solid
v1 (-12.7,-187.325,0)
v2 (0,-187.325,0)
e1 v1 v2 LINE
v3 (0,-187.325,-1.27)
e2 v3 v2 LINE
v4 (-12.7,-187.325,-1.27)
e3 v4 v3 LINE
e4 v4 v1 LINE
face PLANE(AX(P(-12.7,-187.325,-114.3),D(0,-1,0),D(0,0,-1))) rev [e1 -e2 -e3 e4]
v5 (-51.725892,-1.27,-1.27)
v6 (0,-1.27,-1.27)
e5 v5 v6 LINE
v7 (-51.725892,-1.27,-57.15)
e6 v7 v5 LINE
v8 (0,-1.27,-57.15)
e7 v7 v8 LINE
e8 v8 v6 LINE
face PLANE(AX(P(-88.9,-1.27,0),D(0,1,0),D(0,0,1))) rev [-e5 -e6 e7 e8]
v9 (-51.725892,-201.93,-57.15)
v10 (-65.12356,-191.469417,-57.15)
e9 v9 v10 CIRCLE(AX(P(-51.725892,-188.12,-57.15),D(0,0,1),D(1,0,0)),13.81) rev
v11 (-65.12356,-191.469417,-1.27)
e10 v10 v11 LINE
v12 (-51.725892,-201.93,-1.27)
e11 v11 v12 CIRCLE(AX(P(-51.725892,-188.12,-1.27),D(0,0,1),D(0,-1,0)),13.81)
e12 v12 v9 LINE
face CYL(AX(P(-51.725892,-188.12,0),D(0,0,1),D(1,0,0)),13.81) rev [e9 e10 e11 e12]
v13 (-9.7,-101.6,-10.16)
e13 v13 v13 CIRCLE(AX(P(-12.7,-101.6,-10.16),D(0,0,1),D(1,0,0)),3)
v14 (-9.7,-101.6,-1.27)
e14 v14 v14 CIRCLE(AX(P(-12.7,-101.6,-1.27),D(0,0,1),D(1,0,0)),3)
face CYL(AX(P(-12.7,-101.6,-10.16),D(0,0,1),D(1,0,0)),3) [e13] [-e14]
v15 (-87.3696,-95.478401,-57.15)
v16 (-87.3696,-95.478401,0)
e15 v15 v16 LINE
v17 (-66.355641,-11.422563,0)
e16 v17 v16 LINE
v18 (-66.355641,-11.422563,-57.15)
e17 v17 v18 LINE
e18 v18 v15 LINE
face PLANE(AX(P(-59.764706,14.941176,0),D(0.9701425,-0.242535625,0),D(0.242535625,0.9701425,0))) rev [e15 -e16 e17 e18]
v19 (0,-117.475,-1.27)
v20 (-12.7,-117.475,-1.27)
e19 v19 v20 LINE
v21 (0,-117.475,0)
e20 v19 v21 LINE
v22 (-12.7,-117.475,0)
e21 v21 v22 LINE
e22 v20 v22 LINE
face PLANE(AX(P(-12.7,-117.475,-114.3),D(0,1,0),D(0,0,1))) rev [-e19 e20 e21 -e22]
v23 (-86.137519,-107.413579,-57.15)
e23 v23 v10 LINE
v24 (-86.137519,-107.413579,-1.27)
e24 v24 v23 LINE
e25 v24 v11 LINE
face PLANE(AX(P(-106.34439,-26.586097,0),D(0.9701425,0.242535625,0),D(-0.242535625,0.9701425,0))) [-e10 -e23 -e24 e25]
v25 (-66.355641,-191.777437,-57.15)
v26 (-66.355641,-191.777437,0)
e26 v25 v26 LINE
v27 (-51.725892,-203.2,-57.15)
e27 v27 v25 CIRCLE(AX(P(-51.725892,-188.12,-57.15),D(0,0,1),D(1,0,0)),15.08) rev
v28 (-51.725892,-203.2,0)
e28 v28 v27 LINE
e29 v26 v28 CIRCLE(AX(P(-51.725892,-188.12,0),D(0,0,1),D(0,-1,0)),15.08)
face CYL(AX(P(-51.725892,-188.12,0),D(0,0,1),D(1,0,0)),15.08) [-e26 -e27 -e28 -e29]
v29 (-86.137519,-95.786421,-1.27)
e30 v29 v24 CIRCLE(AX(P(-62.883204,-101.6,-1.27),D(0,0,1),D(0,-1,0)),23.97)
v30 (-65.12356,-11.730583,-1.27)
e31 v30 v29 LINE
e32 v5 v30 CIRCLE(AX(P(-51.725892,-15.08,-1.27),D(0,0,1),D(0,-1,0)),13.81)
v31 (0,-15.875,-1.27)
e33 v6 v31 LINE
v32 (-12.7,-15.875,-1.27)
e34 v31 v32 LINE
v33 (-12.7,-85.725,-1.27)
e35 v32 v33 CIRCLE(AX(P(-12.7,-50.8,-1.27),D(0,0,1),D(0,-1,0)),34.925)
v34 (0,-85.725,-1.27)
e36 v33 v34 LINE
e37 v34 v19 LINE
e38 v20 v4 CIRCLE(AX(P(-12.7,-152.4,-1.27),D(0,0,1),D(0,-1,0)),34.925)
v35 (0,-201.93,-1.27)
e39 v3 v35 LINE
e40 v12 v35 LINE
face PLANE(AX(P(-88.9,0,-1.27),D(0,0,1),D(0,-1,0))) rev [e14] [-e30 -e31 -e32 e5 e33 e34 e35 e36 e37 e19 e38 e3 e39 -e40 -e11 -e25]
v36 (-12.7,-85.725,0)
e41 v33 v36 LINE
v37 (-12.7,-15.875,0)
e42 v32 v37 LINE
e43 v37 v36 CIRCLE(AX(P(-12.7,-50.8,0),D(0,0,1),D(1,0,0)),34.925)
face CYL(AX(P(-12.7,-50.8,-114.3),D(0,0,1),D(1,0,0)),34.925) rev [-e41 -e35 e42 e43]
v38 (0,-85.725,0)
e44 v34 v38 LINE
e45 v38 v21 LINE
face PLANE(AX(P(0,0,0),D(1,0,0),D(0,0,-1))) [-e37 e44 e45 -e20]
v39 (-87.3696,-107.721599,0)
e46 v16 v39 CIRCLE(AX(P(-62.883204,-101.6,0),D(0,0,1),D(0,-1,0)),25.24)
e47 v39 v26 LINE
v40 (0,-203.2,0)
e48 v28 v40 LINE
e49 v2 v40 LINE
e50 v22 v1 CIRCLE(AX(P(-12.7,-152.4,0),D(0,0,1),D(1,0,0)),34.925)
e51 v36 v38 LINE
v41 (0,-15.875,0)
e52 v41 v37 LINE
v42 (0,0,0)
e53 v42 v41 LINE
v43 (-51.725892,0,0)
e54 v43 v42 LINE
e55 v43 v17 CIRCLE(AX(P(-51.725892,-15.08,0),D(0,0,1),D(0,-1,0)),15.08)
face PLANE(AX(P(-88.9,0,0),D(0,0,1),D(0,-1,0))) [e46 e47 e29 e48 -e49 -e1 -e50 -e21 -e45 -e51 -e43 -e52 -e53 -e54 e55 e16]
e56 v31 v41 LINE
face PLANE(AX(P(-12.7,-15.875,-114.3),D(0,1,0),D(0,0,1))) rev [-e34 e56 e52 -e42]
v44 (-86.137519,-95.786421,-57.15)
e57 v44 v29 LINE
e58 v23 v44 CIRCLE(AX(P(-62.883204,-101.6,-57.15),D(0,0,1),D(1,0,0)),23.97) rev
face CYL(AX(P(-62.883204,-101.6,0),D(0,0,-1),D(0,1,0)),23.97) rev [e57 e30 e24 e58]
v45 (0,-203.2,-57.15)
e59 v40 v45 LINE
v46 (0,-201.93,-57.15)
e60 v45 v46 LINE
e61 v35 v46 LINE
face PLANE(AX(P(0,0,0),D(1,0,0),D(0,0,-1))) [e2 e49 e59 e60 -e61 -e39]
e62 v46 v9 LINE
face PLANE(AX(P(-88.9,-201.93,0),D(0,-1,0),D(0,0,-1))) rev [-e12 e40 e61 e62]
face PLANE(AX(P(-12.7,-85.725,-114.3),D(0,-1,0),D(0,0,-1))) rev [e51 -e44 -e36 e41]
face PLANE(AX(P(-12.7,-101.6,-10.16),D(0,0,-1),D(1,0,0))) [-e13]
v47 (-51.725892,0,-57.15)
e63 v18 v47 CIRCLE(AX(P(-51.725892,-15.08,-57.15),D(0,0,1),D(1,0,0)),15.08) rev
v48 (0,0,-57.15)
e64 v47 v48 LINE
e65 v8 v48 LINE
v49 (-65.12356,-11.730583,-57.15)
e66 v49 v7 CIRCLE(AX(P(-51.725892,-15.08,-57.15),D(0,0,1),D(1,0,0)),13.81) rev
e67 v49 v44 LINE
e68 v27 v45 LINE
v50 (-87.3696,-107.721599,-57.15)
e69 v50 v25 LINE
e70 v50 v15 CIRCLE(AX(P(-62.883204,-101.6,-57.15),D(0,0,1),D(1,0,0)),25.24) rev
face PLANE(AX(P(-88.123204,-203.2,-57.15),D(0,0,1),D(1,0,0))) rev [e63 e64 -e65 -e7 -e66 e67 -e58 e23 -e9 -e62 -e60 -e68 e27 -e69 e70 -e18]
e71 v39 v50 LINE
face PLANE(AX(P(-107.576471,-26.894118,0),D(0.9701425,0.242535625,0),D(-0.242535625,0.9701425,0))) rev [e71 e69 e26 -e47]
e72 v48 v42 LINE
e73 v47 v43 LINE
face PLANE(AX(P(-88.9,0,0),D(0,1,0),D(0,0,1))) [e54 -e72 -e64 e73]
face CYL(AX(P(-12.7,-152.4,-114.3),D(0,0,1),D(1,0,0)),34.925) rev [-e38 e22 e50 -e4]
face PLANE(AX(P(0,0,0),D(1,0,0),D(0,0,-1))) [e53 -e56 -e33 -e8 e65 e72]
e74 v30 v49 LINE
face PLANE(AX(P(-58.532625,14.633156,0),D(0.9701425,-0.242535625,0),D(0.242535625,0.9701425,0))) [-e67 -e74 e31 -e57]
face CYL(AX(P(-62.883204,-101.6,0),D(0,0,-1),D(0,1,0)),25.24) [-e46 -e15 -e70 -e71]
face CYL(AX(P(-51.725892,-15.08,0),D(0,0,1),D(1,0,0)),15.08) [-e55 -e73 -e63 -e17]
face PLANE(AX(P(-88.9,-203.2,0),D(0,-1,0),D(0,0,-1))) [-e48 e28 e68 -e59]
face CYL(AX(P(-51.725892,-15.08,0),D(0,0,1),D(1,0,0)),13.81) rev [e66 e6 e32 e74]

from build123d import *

# Parameters (mm, degrees)
SKETCH1_W           = 114.3
SKETCH1_H           = 203.2
BOSS_EXTRUDE1_DEPTH = 88.9
CUT_EXTRUDE1_DEPTH  = 115.3
FILLET1_R           = 25.24
FILLET2_R           = 15.08
CUT_EXTRUDE2_DEPTH  = 115.3
LPATTERN1_COUNT     = 2
LPATTERN1_PITCH     = 101.6
SHELL5_T            = -1.27
SKETCH9_R           = 3
BOSS_EXTRUDE2_DEPTH = 8.89
SKETCH10_W          = 88.123203502
SKETCH10_H          = 57.15
CUT_EXTRUDE3_DEPTH  = 204.2


with BuildPart() as part:
    # Sketch1 → Boss-Extrude1 (new body)
    with BuildSketch(Plane(origin=(0, 0, 0), x_dir=(0, 0, -1), z_dir=(1, 0, 0))):
        with Locations((57.15, -101.6)):
            Rectangle(SKETCH1_W, SKETCH1_H)
    extrude(amount=-BOSS_EXTRUDE1_DEPTH)

    # Sketch4 → Cut-Extrude1 (cut, through all)
    with BuildSketch(Plane(origin=(0, 0, -114.3), x_dir=(-1, 0, 0), z_dir=(0, 0, -1))):
        Polygon((88.9, 0), (63.5, 0), (88.9, -101.6), align=None)
        Polygon((88.9, -203.2), (88.9, -101.6), (63.5, -203.2), align=None)
    extrude(amount=-CUT_EXTRUDE1_DEPTH, mode=Mode.SUBTRACT)

    # Fillet1
    fillet1_edges = [part.edges().sort_by_distance(p)[0] for p in [
        (-88.9, -101.6, -57.15),
    ]]
    fillet(fillet1_edges, radius=FILLET1_R)

    # Fillet2
    fillet2_edges = [part.edges().sort_by_distance(p)[0] for p in [
        (-63.5, 0, -57.15),
        (-63.5, -203.2, -57.15),
    ]]
    fillet(fillet2_edges, radius=FILLET2_R)

    # Sketch5 → Cut-Extrude2 (cut, through all)
    with BuildSketch(Plane.XY):
        with BuildLine():
            Line((-12.7, -187.325), (0, -187.325))
            Line((0, -187.325), (0, -117.475))
            Line((0, -117.475), (-12.7, -117.475))
            ThreePointArc((-12.7, -117.475), (-47.625, -152.4), (-12.7, -187.325))
        make_face()
    cut_extrude2 = extrude(amount=-CUT_EXTRUDE2_DEPTH, mode=Mode.SUBTRACT)

    # LPattern1: Cut-Extrude2 ×2
    with Locations(*[(0, i * LPATTERN1_PITCH, 0) for i in range(1, LPATTERN1_COUNT)]):
        add(cut_extrude2, mode=Mode.SUBTRACT)

    # Shell5
    shell5_openings = [part.faces().sort_by_distance(p)[0] for p in [
        (0, -195.2625, -57.15),
        (0, -101.6, -57.15),
        (-30.1625, -152.4, -57.15),
        (-6.35, -117.475, -57.15),
        (-6.35, -187.325, -57.15),
        (0, -7.9375, -57.15),
        (-30.1625, -50.8, -57.15),
        (-6.35, -15.875, -57.15),
        (-6.35, -85.725, -57.15),
    ]]
    offset(amount=SHELL5_T, openings=shell5_openings, kind=Kind.INTERSECTION)

    # Sketch9 → Boss-Extrude2 (add)
    with BuildSketch(Plane.XY.offset(-113.03)):
        with Locations((-12.7, -101.6)):
            Circle(SKETCH9_R)
    boss_extrude2 = extrude(amount=BOSS_EXTRUDE2_DEPTH)

    # Mirror1: Boss-Extrude2 across plane
    add(boss_extrude2.mirror(Plane.XY.offset(-57.15)))

    # Sketch10 → Cut-Extrude3 (cut, through all)
    with BuildSketch(Plane(origin=(0, 0, 0), x_dir=(1, 0, 0), z_dir=(0, 1, 0))):
        with Locations((-44.061601751, 85.725)):
            Rectangle(SKETCH10_W, SKETCH10_H)
    extrude(amount=-CUT_EXTRUDE3_DEPTH, mode=Mode.SUBTRACT)


solid = part.part
